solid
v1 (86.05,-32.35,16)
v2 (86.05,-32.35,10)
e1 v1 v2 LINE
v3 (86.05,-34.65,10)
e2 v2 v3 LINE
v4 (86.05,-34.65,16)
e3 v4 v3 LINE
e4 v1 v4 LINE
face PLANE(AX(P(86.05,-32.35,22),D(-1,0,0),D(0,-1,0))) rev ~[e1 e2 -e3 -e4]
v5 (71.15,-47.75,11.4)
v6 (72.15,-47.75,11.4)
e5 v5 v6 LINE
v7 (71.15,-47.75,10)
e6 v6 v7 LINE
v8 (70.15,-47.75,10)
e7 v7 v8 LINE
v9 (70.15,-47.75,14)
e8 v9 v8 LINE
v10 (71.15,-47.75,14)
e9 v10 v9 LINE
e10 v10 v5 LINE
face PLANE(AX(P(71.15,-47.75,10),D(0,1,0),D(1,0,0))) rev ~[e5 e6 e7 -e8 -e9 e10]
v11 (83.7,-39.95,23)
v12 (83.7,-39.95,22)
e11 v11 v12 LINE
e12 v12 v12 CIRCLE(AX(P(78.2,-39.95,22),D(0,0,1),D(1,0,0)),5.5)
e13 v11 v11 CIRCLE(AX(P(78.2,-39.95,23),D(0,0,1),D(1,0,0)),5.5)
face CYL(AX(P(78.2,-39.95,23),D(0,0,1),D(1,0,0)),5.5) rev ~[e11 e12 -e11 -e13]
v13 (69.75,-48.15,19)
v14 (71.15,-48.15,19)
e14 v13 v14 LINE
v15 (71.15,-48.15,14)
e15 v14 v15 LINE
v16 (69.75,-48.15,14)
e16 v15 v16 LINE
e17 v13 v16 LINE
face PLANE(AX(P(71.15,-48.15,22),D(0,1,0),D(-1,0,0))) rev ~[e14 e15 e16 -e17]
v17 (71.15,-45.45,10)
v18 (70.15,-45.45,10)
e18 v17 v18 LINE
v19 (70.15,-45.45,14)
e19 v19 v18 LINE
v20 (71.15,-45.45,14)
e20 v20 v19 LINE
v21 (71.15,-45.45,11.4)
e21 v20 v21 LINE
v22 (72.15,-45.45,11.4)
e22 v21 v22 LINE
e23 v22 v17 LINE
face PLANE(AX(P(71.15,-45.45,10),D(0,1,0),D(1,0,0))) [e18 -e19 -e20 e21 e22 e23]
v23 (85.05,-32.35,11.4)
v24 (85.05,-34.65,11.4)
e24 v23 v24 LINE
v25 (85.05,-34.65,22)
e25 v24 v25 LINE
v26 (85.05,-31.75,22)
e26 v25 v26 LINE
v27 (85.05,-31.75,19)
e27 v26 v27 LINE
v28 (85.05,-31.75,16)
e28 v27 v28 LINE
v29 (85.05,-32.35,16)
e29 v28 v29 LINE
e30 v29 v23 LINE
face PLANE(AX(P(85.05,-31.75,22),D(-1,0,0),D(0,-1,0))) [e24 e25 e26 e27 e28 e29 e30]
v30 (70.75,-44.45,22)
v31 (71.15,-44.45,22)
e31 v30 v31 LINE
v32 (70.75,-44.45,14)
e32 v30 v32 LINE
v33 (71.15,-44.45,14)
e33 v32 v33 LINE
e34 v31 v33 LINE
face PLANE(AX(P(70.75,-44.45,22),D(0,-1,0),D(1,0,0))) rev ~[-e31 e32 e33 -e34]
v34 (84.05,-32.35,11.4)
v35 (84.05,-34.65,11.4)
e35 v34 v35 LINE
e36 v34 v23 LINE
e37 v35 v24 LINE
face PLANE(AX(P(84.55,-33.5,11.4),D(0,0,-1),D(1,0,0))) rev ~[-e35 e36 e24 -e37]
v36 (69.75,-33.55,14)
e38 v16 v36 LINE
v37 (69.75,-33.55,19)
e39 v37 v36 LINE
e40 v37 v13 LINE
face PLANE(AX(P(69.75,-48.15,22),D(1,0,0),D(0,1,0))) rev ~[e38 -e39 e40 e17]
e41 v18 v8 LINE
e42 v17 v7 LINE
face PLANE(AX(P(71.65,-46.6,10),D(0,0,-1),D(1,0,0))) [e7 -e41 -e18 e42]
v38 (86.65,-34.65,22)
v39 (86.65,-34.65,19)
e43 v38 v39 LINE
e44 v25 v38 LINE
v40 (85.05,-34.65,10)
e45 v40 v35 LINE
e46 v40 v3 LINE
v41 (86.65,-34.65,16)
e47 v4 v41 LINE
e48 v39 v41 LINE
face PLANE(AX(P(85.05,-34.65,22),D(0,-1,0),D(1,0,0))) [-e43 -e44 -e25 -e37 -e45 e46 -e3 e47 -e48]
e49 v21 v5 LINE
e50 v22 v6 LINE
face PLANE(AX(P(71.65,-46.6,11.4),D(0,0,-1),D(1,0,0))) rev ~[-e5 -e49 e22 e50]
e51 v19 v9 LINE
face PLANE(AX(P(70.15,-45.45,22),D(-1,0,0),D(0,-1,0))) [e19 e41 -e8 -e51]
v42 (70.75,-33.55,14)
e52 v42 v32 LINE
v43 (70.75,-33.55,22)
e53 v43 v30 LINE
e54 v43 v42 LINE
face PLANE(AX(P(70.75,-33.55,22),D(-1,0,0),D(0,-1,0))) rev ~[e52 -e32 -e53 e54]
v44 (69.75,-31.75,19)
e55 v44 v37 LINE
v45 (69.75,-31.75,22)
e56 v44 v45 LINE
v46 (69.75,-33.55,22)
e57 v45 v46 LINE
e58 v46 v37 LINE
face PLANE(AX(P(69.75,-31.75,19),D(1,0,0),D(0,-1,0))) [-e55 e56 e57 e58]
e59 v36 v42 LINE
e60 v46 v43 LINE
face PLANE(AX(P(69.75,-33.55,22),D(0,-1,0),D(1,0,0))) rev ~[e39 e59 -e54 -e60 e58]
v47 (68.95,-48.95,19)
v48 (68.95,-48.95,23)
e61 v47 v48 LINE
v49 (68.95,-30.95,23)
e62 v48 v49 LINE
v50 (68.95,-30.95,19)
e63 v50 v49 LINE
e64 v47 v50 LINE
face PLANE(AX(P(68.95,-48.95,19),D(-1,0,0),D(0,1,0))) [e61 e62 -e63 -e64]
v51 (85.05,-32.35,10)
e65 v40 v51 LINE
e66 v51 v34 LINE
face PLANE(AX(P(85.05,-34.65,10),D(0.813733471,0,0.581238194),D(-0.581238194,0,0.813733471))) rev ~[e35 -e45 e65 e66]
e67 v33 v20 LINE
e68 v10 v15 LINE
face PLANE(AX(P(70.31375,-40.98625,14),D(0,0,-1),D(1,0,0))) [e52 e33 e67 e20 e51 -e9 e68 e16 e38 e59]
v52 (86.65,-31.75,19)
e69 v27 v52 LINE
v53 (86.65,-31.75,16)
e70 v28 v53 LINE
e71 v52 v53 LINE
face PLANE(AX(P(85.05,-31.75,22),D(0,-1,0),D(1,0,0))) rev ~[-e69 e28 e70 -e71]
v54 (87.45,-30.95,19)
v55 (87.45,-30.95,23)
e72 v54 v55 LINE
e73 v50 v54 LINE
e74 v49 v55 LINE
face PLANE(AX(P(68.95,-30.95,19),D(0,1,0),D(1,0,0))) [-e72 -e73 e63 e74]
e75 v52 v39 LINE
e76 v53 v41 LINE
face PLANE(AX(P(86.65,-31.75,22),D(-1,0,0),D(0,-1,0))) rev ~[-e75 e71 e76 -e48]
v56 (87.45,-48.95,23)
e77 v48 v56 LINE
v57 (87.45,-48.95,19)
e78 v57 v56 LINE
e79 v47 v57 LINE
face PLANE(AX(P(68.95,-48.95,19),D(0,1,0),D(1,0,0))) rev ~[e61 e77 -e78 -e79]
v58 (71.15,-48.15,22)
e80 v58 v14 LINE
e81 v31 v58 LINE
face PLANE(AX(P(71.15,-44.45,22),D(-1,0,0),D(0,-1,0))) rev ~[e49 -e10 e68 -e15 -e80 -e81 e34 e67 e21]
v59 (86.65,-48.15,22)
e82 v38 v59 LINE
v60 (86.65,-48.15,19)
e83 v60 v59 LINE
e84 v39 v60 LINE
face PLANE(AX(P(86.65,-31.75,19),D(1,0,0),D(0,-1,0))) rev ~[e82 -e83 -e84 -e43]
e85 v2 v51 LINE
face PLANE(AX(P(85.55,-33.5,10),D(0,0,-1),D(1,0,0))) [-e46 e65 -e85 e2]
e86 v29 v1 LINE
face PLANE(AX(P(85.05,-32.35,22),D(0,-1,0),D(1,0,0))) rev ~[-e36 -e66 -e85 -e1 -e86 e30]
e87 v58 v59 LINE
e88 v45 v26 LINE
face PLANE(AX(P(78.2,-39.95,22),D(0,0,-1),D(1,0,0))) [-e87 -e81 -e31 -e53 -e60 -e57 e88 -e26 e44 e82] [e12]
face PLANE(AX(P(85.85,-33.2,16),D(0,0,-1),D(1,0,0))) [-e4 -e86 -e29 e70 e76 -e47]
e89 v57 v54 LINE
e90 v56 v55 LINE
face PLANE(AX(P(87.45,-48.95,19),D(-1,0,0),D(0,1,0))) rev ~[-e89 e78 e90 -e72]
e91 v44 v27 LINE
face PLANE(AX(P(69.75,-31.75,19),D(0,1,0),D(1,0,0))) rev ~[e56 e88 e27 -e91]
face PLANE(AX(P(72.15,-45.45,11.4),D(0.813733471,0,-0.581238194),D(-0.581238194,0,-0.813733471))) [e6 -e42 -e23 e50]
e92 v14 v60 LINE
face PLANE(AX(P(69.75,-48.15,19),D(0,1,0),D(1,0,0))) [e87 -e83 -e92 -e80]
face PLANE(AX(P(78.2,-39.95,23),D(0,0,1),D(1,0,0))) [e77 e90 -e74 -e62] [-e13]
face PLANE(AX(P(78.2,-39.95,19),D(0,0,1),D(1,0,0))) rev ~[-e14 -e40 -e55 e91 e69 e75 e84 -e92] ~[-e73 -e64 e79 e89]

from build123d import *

# Parameters (mm, degrees)
SKETCH045_W     = 18.5
SKETCH045_H     = 18
PAD029_DEPTH    = 4
SKETCH046_W     = 16.9
SKETCH046_H     = 16.4
POCKET014_DEPTH = 3
SKETCH047_R     = 5.5
POCKET015_DEPTH = 5
SKETCH048_W     = 1
SKETCH048_H     = 2.3
PAD030_DEPTH    = 12
SKETCH049_W     = 1
SKETCH049_H     = 2.3
PAD031_DEPTH    = 1.4
POCKET016_DEPTH = 2.3
POCKET017_DEPTH = 2.3
PAD071_DEPTH    = 8
SKETCH133_W     = 1.6
SKETCH133_H     = 2.9
PAD072_DEPTH    = 6


with BuildPart() as part:
    # Sketch045 → Pad029 (new body)
    with BuildSketch(Plane(origin=(78.2, -39.95, 23), x_dir=(1, 0, 0), z_dir=(0, 0, 1))):
        Rectangle(SKETCH045_W, SKETCH045_H)
    extrude(amount=PAD029_DEPTH)

    # Sketch046 (on Face5 of Pad029) → Pocket014 (cut)
    with BuildSketch(Plane(origin=(0, 0, 23), x_dir=(1, 0, 0), z_dir=(0, 0, -1))):
        with Locations((78.2, 39.95)):
            Rectangle(SKETCH046_W, SKETCH046_H)
    extrude(amount=-POCKET014_DEPTH, mode=Mode.SUBTRACT)

    # Sketch047 (on Face5 of Pocket014) → Pocket015 (cut)
    with BuildSketch(Plane.XY.offset(27)):
        with Locations((78.2, -39.95)):
            Circle(SKETCH047_R)
    extrude(amount=-POCKET015_DEPTH, mode=Mode.SUBTRACT)

    # Sketch048 (on Face12 of Pocket015) → Pad030 (join)
    with BuildSketch(Plane(origin=(0, 0, 26), x_dir=(1, 0, 0), z_dir=(0, 0, -1))):
        with Locations((85.55, 33.5)):
            Rectangle(SKETCH048_W, SKETCH048_H)
        with Locations((70.65, 46.6)):
            Rectangle(SKETCH048_W, SKETCH048_H)
    extrude(amount=PAD030_DEPTH)

    # Sketch049 (on Face21 of Pad030) → Pad031 (join)
    with BuildSketch(Plane(origin=(0, 0, 14), x_dir=(1, 0, 0), z_dir=(0, 0, -1))):
        with Locations((71.65, 46.6)):
            Rectangle(SKETCH049_W, SKETCH049_H)
        with Locations((84.55, 33.5)):
            Rectangle(SKETCH049_W, SKETCH049_H)
    extrude(amount=-PAD031_DEPTH)

    # Sketch050 (on Face24 of Pad031) → Pocket016 (cut)
    with BuildSketch(Plane(origin=(0, -45.45, 0), x_dir=(-1, 0, 0), z_dir=(0, 1, 0))):
        Polygon((-72.15, 15.4), (-71.15, 14), (-72.15, 14), align=None)
    extrude(amount=-POCKET016_DEPTH, mode=Mode.SUBTRACT)

    # Sketch051 (on Face28 of Pocket016) → Pocket017 (cut)
    with BuildSketch(Plane.XZ.offset(34.65)):
        Polygon((85.05, 14), (84.05, 15.4), (84.05, 14), align=None)
    extrude(amount=-POCKET017_DEPTH, mode=Mode.SUBTRACT)

    # Sketch132 (on Face12 of Pocket017) → Pad071 (join)
    with BuildSketch(Plane(origin=(0, 0, 26), x_dir=(1, 0, 0), z_dir=(0, 0, -1))):
        Polygon((71.15, 48.15), (69.75, 48.15), (69.75, 33.55), (70.75, 33.55), (70.75, 44.45), (71.15, 44.45), align=None)
    extrude(amount=PAD071_DEPTH)

    # Sketch133 (on Face18 of Pad071) → Pad072 (join)
    with BuildSketch(Plane(origin=(0, 0, 26), x_dir=(1, 0, 0), z_dir=(0, 0, -1))):
        with Locations((85.85, 33.2)):
            Rectangle(SKETCH133_W, SKETCH133_H)
    extrude(amount=PAD072_DEPTH)


with BuildPart() as part_1:
    # Body015 placement: moved
    add(part.part.moved(Location((0, 0, -4))))


solid = part_1.part
